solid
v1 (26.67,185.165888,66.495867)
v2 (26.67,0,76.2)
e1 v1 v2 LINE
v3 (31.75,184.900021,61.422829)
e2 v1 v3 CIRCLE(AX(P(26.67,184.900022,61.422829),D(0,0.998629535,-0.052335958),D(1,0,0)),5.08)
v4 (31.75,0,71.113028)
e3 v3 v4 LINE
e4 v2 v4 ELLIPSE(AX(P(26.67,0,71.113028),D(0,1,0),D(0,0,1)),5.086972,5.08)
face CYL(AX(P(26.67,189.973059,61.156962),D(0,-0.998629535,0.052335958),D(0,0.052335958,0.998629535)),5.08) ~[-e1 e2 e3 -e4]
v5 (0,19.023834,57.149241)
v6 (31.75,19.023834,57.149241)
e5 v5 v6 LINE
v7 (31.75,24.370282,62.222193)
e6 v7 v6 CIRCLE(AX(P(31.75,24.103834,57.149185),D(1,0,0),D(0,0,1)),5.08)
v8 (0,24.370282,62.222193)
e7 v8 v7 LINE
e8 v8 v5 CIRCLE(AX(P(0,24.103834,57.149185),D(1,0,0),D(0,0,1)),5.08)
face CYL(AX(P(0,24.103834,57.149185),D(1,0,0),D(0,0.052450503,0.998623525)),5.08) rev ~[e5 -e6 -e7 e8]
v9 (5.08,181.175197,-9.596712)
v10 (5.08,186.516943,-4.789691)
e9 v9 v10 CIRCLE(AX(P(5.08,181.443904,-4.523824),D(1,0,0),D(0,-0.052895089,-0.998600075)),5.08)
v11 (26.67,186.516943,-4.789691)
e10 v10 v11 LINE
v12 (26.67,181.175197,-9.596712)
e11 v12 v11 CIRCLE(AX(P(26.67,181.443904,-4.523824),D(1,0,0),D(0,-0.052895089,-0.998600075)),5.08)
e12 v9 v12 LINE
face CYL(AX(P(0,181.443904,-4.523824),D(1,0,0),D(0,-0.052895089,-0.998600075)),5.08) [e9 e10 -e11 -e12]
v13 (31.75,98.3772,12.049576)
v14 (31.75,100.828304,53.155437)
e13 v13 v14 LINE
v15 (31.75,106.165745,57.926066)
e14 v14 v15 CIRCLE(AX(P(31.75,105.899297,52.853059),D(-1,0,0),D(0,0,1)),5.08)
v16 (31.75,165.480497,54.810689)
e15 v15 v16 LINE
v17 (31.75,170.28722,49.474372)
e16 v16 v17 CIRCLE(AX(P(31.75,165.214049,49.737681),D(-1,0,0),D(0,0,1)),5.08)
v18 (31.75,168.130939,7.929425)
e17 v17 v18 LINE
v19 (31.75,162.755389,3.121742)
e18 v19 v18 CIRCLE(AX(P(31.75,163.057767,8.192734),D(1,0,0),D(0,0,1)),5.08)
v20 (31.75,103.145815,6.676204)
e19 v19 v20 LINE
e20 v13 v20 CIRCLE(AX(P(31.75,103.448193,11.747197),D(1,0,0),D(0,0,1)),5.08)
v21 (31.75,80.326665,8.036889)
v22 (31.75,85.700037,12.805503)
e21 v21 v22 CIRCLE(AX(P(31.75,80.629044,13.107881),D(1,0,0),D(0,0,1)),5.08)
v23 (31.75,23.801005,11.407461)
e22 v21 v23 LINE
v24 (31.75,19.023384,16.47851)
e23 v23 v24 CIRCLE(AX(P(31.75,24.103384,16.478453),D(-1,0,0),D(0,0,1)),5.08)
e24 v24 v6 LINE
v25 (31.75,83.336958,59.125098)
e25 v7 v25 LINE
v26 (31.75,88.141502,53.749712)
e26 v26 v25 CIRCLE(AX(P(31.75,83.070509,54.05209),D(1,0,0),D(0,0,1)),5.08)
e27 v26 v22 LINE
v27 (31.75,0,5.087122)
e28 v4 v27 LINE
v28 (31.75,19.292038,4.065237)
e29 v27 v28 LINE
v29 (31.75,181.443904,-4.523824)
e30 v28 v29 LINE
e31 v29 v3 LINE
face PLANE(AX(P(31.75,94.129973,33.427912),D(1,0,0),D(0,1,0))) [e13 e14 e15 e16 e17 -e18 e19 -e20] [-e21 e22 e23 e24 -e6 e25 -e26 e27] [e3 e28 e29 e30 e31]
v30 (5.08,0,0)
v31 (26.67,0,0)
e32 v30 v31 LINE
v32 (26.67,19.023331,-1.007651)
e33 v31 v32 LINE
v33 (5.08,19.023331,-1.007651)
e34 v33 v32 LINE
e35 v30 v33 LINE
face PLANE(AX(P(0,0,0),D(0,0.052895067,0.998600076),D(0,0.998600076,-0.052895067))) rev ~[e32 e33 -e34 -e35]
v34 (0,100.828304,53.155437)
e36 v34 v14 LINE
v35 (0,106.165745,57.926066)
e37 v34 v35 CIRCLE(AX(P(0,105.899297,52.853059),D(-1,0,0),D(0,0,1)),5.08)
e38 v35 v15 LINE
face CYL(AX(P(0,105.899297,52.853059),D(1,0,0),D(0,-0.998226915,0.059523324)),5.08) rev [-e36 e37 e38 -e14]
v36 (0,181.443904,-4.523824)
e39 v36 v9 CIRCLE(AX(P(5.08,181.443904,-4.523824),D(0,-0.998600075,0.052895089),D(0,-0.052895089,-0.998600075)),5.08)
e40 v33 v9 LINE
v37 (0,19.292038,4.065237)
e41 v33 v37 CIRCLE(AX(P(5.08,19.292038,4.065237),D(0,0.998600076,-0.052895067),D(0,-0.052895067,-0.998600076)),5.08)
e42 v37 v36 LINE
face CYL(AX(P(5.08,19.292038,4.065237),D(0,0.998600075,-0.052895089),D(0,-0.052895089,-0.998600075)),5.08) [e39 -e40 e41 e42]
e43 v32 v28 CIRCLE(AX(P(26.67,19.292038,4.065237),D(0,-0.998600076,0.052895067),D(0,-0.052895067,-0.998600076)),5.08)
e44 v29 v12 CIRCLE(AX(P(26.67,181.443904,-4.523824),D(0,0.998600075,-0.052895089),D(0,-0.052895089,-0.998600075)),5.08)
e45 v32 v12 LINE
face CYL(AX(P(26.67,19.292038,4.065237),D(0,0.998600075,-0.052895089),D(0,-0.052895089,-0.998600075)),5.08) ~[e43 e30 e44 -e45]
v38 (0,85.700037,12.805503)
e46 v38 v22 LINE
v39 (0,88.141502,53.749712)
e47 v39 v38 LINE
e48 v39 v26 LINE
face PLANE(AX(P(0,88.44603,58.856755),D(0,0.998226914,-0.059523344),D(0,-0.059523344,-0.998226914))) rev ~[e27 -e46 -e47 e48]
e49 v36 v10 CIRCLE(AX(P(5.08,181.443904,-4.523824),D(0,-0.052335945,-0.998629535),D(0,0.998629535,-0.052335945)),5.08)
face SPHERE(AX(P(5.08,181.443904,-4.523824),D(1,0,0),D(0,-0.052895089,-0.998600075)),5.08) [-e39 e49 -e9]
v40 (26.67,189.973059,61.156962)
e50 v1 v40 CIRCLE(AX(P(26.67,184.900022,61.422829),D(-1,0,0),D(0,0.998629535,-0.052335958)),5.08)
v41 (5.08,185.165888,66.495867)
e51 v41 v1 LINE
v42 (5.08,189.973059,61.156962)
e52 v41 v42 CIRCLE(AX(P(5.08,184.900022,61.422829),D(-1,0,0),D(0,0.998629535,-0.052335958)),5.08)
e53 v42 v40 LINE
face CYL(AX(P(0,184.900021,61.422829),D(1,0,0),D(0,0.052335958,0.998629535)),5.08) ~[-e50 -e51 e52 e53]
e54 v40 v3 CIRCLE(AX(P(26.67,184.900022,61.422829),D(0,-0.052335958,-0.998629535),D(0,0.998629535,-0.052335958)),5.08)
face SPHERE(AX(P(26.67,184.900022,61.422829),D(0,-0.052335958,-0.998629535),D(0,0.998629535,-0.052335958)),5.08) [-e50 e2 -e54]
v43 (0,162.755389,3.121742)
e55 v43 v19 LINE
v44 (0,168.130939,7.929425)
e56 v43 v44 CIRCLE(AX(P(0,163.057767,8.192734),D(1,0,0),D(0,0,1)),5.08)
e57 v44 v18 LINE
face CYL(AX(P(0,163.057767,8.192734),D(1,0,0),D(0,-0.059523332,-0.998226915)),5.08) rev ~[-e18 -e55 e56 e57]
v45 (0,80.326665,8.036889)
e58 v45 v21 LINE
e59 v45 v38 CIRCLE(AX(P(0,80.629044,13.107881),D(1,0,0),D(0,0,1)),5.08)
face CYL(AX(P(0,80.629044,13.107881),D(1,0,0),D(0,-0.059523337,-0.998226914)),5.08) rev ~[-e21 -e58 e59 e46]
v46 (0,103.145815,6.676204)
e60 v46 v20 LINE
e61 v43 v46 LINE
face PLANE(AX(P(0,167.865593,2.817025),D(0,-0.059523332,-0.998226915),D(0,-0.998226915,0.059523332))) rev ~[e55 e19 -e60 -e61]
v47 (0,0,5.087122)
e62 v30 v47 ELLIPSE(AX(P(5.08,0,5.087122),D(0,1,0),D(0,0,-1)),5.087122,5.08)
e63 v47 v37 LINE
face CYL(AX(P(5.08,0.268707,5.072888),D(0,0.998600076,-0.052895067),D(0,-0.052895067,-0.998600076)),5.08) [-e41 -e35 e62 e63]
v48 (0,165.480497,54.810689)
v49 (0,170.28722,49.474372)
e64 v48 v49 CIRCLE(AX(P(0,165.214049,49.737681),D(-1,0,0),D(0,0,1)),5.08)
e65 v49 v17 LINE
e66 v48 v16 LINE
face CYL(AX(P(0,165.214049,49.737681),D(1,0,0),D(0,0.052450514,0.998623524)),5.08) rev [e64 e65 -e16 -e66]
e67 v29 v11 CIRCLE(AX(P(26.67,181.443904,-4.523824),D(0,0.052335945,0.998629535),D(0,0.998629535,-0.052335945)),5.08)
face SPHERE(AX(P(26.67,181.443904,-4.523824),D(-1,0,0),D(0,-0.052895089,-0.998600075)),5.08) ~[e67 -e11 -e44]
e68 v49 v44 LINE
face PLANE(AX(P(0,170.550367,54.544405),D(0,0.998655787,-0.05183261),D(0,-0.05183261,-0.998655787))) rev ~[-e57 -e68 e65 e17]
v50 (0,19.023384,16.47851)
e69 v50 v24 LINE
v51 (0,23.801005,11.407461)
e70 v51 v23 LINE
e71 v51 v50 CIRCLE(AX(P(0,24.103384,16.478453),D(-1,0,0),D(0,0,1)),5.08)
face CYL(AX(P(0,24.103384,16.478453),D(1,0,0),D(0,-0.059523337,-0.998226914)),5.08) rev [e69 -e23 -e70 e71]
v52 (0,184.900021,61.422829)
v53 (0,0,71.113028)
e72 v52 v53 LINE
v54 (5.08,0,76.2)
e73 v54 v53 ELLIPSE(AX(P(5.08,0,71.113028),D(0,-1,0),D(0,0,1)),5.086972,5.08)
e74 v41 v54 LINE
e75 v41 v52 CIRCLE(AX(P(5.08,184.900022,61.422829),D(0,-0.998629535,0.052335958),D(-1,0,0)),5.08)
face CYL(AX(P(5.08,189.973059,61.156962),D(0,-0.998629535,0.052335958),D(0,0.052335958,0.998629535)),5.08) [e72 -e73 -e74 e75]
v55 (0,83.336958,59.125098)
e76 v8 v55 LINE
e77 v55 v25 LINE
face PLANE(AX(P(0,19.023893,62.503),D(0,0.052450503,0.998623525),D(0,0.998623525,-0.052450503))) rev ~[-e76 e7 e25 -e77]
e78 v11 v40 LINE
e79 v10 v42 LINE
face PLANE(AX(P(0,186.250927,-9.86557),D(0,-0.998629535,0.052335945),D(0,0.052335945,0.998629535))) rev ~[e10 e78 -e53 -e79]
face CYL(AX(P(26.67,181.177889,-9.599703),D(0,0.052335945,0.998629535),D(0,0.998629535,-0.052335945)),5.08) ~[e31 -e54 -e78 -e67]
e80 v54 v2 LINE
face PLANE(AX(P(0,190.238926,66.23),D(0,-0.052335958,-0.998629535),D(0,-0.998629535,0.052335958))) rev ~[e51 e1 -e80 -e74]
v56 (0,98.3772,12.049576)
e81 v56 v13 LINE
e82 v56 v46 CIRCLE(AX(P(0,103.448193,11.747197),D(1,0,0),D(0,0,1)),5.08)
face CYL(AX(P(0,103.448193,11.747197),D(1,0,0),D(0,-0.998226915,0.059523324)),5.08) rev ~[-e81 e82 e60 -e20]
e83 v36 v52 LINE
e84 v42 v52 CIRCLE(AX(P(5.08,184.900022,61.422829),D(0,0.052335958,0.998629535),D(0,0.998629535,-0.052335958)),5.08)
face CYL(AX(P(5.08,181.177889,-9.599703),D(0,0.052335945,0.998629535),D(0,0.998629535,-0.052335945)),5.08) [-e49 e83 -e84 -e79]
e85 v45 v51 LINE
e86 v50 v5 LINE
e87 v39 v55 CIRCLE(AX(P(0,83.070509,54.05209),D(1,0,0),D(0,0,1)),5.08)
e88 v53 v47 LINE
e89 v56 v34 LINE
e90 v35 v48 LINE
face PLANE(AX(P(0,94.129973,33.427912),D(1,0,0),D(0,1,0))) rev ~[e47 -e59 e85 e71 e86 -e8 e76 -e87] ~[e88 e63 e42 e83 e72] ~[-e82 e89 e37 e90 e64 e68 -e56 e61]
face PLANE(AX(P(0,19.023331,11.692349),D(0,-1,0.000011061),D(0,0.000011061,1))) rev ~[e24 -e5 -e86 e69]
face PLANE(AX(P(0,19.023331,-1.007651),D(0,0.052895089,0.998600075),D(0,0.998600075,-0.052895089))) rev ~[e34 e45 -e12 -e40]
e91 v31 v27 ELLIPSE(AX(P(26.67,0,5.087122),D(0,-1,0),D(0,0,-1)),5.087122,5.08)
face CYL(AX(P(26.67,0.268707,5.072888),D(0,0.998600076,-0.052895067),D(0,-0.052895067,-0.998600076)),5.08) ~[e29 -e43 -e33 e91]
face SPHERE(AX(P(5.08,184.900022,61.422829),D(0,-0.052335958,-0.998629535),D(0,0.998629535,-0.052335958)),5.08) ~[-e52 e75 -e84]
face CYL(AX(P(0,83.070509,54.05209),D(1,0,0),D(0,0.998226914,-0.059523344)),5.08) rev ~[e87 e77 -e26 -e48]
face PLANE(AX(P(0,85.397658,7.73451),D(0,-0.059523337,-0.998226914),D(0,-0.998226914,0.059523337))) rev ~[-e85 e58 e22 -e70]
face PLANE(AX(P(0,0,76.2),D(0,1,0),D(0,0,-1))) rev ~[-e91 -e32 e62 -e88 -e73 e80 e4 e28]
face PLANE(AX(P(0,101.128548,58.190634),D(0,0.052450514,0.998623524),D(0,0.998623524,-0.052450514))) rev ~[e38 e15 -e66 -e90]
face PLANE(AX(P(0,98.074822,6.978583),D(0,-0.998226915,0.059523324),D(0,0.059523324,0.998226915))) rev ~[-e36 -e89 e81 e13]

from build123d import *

# Parameters (mm, degrees)
F1_DEPTH = 31.75
F2_R     = 5.08


with BuildPart() as f1:
    # F0 (on Right) → F1 (new body)
    with BuildSketch(Plane.YZ):
        Polygon((0, 44.45), (0, 0), (19.023331, -1.007651), (186.250927, -9.86557), (190.238926, 66.23), (0, 76.2), (0, 69.85), (0, 50.8), align=None)
        Polygon((101.128548, 58.190634), (170.550367, 54.544405), (167.865593, 2.817025), (98.074822, 6.978583), align=None, mode=Mode.SUBTRACT)
        Polygon((19.023331, 11.692349), (19.023893, 62.503), (88.44603, 58.856755), (85.397658, 7.73451), align=None, mode=Mode.SUBTRACT)
    extrude(amount=F1_DEPTH)

    # F2
    f2_edges = [f1.edges().sort_by_distance(p)[0] for p in [
        (31.75, 188.244926, 28.182215),
        (0, 188.244926, 28.182215),
        (15.875, 190.238926, 66.23),
        (15.875, 186.250927, -9.86557),
        (31.75, 93.125463, -4.932785),
        (31.75, 95.119463, 71.215),
        (0, 95.119463, 71.215),
        (0, 93.125463, -4.932785),
        (15.875, 167.865593, 2.817025),
        (15.875, 170.550367, 54.544405),
        (15.875, 101.128548, 58.190634),
        (15.875, 98.074822, 6.978583),
        (15.875, 88.44603, 58.856755),
        (15.875, 85.397658, 7.73451),
        (15.875, 19.023331, 11.692349),
        (15.875, 19.023893, 62.503),
    ]]
    fillet(f2_edges, radius=F2_R)


solid = f1.part
